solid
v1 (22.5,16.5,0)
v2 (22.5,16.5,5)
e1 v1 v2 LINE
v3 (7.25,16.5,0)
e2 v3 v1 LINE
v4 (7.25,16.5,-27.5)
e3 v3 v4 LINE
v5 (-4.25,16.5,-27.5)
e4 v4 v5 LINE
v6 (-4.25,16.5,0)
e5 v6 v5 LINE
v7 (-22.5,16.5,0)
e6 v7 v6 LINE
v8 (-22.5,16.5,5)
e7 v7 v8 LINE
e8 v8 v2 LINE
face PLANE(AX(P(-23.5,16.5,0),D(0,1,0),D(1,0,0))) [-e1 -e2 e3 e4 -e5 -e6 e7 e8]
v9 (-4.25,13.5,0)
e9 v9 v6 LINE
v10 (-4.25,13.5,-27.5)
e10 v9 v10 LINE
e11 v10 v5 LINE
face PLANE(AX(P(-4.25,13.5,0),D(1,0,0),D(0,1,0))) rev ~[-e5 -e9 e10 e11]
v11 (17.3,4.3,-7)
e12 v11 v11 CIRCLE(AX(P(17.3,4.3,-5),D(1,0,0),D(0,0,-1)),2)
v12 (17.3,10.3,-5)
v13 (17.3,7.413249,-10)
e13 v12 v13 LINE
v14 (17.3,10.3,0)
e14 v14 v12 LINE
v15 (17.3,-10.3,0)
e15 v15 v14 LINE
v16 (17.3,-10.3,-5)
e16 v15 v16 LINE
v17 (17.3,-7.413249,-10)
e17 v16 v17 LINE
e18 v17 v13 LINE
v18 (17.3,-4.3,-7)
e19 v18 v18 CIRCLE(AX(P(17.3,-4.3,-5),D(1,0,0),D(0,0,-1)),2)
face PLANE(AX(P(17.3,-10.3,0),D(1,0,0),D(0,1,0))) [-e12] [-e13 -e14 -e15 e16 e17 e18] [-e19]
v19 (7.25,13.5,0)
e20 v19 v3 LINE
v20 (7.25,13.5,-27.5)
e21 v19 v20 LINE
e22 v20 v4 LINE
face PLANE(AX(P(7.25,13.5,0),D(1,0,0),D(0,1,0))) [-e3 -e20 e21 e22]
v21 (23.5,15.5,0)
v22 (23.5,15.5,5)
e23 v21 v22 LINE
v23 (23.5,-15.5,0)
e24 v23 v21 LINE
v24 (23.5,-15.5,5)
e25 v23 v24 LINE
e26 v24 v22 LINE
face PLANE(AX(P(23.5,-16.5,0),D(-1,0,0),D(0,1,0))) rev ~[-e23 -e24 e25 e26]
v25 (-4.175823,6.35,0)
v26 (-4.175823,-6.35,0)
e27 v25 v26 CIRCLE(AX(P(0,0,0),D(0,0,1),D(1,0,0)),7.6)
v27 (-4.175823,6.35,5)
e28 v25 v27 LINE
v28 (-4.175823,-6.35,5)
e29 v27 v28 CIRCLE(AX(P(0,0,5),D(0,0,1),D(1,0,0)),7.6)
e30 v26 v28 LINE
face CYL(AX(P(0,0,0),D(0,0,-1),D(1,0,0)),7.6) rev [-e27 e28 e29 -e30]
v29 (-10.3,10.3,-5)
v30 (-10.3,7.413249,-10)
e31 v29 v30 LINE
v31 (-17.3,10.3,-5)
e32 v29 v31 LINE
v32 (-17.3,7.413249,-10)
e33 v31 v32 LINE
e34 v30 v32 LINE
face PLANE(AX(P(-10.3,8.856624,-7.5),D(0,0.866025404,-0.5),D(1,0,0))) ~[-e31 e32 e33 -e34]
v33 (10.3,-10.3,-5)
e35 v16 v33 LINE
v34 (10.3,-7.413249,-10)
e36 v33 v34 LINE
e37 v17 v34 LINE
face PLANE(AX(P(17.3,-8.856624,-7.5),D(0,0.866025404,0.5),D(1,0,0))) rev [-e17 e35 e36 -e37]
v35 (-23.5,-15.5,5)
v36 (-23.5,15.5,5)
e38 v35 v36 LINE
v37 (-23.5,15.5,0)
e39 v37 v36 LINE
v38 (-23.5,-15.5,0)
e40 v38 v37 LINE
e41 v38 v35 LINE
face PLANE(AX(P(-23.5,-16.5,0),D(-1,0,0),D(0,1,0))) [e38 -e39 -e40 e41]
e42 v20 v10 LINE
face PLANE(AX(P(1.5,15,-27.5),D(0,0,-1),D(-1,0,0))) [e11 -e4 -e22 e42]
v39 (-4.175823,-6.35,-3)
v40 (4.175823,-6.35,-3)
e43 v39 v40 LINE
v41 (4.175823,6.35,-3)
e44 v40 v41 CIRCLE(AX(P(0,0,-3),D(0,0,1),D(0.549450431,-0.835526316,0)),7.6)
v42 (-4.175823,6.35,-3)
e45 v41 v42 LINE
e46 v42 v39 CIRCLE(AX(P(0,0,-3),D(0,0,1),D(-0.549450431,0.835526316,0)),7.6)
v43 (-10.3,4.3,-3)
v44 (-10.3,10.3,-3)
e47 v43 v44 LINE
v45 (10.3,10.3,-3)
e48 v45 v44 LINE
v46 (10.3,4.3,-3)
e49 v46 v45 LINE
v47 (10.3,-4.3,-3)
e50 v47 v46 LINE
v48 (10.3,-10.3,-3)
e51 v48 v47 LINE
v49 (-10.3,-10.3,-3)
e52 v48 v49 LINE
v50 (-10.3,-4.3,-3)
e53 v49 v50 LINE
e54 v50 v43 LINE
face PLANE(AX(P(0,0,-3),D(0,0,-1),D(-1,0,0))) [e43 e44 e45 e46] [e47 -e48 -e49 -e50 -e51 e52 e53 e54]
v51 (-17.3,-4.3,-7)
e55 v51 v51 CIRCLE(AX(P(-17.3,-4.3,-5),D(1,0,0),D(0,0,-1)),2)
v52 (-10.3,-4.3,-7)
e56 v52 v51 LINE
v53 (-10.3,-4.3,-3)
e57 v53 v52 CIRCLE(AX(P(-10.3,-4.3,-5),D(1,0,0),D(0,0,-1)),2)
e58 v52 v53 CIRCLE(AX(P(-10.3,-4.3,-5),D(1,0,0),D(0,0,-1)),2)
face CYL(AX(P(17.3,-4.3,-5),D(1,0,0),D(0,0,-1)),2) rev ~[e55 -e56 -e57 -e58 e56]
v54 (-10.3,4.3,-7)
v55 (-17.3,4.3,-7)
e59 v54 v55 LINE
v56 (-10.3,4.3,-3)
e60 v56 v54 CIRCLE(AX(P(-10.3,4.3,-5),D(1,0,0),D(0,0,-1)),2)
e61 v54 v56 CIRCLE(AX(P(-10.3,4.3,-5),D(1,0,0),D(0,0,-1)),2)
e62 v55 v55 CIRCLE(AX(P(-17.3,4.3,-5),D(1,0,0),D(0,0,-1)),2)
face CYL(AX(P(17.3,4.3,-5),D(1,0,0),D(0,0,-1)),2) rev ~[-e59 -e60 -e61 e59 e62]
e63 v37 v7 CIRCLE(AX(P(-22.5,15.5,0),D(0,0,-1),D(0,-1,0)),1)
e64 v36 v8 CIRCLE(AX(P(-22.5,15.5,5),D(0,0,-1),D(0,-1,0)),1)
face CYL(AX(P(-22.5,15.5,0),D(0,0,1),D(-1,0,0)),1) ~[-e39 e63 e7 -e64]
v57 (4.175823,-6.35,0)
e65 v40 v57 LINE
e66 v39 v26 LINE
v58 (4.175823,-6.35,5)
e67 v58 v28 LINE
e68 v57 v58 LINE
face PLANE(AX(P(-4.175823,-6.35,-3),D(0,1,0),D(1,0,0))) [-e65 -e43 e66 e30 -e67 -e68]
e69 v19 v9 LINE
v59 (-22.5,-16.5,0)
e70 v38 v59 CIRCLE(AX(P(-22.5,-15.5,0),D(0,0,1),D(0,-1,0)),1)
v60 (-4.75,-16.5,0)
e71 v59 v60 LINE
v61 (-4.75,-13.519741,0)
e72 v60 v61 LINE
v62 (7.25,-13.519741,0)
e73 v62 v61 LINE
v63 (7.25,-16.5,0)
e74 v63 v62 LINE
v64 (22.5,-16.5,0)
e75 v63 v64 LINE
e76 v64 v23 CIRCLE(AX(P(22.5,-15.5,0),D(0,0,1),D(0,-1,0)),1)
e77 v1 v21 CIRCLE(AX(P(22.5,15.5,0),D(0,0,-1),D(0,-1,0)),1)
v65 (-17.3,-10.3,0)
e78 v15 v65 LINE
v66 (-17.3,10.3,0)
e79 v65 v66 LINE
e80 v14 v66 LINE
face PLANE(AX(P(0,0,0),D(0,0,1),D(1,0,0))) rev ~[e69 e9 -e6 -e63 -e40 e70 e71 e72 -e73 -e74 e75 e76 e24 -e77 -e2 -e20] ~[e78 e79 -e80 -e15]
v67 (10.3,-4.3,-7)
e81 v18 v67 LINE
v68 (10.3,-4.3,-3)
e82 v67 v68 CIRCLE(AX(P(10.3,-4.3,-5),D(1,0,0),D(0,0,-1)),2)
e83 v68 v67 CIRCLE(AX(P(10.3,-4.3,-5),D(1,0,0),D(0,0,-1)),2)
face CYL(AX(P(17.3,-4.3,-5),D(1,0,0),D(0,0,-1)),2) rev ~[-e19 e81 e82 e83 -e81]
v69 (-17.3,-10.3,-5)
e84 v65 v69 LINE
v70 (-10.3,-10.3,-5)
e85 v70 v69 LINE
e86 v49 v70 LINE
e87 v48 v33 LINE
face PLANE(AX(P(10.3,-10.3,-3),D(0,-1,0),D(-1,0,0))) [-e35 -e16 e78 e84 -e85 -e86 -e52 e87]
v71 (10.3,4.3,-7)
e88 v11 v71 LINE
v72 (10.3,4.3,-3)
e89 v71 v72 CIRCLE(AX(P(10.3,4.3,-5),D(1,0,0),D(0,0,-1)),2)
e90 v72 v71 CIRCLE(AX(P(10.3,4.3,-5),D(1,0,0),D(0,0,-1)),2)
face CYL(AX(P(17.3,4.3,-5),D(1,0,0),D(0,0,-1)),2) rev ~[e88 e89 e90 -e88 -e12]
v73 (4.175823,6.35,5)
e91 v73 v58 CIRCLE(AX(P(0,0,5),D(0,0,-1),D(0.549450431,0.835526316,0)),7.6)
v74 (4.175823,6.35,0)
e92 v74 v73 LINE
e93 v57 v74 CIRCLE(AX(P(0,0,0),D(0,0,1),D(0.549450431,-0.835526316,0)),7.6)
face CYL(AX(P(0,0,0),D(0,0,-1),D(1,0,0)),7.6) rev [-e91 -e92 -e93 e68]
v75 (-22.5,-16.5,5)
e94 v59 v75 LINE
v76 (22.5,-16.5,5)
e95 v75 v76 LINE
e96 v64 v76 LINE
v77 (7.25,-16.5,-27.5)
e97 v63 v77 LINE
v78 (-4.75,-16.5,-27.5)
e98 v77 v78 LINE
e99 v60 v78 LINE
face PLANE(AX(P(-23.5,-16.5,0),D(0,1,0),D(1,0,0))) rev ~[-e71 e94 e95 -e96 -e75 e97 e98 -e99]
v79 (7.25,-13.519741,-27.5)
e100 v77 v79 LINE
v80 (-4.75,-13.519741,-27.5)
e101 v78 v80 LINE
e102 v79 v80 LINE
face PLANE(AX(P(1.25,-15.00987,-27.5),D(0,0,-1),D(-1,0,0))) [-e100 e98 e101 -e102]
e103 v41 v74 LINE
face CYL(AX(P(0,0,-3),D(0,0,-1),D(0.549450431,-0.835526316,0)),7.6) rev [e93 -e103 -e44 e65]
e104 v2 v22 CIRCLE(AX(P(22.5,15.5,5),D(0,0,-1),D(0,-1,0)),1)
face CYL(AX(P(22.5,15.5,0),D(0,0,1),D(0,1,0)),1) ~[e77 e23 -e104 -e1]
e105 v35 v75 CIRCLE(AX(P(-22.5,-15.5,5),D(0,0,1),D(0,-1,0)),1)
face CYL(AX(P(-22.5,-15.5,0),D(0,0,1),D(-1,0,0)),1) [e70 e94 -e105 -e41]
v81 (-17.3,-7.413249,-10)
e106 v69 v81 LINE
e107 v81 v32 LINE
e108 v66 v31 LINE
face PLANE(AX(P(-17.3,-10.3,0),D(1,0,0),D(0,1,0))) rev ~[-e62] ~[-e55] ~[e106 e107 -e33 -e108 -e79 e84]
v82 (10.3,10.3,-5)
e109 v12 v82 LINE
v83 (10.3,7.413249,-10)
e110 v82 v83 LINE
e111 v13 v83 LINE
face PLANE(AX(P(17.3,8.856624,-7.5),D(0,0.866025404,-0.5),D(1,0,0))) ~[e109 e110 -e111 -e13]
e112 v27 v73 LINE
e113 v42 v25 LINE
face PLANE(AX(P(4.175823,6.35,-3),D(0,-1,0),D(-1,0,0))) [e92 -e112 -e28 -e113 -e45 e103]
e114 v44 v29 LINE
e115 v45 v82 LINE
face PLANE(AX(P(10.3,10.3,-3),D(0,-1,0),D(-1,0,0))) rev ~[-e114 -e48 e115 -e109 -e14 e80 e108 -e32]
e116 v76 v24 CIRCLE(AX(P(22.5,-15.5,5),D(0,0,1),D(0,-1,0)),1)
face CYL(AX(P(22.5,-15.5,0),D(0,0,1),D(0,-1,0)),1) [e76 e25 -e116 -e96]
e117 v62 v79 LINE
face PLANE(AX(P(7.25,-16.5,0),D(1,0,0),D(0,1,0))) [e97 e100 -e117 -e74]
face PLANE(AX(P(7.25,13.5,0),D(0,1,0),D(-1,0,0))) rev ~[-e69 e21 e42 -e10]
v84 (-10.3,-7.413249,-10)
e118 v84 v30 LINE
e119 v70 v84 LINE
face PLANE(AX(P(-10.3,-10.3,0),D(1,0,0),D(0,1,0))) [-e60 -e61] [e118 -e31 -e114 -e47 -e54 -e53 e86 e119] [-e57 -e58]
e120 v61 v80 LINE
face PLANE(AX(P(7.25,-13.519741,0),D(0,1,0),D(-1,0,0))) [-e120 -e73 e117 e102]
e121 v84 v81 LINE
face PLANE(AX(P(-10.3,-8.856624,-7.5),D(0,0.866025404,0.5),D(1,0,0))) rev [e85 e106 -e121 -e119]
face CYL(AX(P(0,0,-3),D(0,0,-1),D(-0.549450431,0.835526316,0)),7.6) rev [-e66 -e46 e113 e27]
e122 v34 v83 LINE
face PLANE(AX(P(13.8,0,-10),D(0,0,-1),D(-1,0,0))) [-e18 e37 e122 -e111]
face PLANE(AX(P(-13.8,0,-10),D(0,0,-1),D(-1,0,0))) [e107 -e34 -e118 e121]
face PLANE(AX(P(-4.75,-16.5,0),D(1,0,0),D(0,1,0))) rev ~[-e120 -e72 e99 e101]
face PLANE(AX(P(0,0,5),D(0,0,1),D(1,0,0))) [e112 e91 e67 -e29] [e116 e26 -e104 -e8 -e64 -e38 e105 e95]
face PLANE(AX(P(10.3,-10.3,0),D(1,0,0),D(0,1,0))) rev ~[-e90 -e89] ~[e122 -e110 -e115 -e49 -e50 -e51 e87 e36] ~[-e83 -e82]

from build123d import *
from OCP.BRepFilletAPI import BRepFilletAPI_MakeChamfer

# Parameters (mm, degrees)
SZKIC1_W                    = 47
SZKIC1_H                    = 33
SZKIC1_R                    = 7.6
DODANIE_WYCI_GNI_CIE1_DEPTH = 5
SZKIC2_W                    = 7
SZKIC2_H                    = 20.6
DODANIE_WYCI_GNI_CIE2_DEPTH = 10
SFAZOWANIE1_SIZE            = 5
SFAZOWANIE1_SIZE2           = 2.886751346
SZKIC3_R                    = 2
WYTNIJ_WYCI_GNI_CIE1_DEPTH  = 46.131917752
ZAOKR_GLENIE1_R             = 1
SZKIC4_W                    = 11.5
SZKIC4_H                    = 3
SZKIC4_W_2                  = 12
SZKIC4_H_2                  = 2.980259267
DODANIE_WYCI_GNI_CIE3_DEPTH = 27.5
DODANIE_WYCI_GNI_CIE4_START = 3
SZKIC5_W                    = 20.6
SZKIC5_H                    = 20.6
DODANIE_WYCI_GNI_CIE4_DEPTH = 3


with BuildPart() as part:
    # Szkic1 → Dodanie-wyciągnięcie1 (new body)
    # profile 1 of 3: a face of its own
    with BuildSketch(Plane.XY):
        Rectangle(SZKIC1_W, SZKIC1_H)
        Circle(SZKIC1_R, mode=Mode.SUBTRACT)
    # profile 2 of 3: a face of its own
    with BuildSketch(Plane.XY):
        with BuildLine():
            Line((4.175823272, -6.35), (-4.175823272, -6.35))
            ThreePointArc((-4.175823272, -6.35), (0, -7.6), (4.175823272, -6.35))
        make_face()
    # profile 3 of 3: a face of its own
    with BuildSketch(Plane.XY):
        with BuildLine():
            ThreePointArc((4.175823272, 6.35), (0, 7.6), (-4.175823272, 6.35))
            Line((-4.175823272, 6.35), (4.175823272, 6.35))
        make_face()
    extrude(amount=DODANIE_WYCI_GNI_CIE1_DEPTH)

    # Szkic2 → Dodanie-wyciągnięcie2 (add)
    with BuildSketch(Plane(origin=(0, 0, 0), x_dir=(-1, 0, 0), z_dir=(0, 0, -1))):
        with Locations((-13.8, 0)):
            Rectangle(SZKIC2_W, SZKIC2_H)
        with Locations((13.8, 0)):
            Rectangle(SZKIC2_W, SZKIC2_H)
    extrude(amount=DODANIE_WYCI_GNI_CIE2_DEPTH)

    # Sfazowanie1: one chamfer whose edges measure the first distance from different faces: ONE call of the kernel's chamfer builder (chamfer() names one face for all edges)
    sfazowanie1_edges_1 = [part.edges().sort_by_distance(p)[0] for p in [
        (13.8, 10.3, -10),
    ]]
    sfazowanie1_side_1 = [part.faces().sort_by_distance(p)[0] for p in [
        (13.8, 10.3, -5),
    ]]
    sfazowanie1_edges_2 = [part.edges().sort_by_distance(p)[0] for p in [
        (13.8, -10.3, -10),
    ]]
    sfazowanie1_side_2 = [part.faces().sort_by_distance(p)[0] for p in [
        (13.8, -10.3, -5),
    ]]
    sfazowanie1_edges_3 = [part.edges().sort_by_distance(p)[0] for p in [
        (-13.8, 10.3, -10),
    ]]
    sfazowanie1_side_3 = [part.faces().sort_by_distance(p)[0] for p in [
        (-13.8, 10.3, -5),
    ]]
    sfazowanie1_edges_4 = [part.edges().sort_by_distance(p)[0] for p in [
        (-13.8, -10.3, -10),
    ]]
    sfazowanie1_side_4 = [part.faces().sort_by_distance(p)[0] for p in [
        (-13.8, -10.3, -5),
    ]]
    sfazowanie1 = BRepFilletAPI_MakeChamfer(part.part.solid().wrapped)
    for e in sfazowanie1_edges_1:
        sfazowanie1.Add(SFAZOWANIE1_SIZE, SFAZOWANIE1_SIZE2, e.wrapped, sfazowanie1_side_1[0].wrapped)  # the first distance lies on this face
    for e in sfazowanie1_edges_2:
        sfazowanie1.Add(SFAZOWANIE1_SIZE, SFAZOWANIE1_SIZE2, e.wrapped, sfazowanie1_side_2[0].wrapped)  # the first distance lies on this face
    for e in sfazowanie1_edges_3:
        sfazowanie1.Add(SFAZOWANIE1_SIZE, SFAZOWANIE1_SIZE2, e.wrapped, sfazowanie1_side_3[0].wrapped)  # the first distance lies on this face
    for e in sfazowanie1_edges_4:
        sfazowanie1.Add(SFAZOWANIE1_SIZE, SFAZOWANIE1_SIZE2, e.wrapped, sfazowanie1_side_4[0].wrapped)  # the first distance lies on this face
    add(Compound.cast(sfazowanie1.Shape()), mode=Mode.REPLACE)

    # Szkic3 → Wytnij-wyciągnięcie1 (cut, through all)
    with BuildSketch(Plane(origin=(17.3, 0, 0), x_dir=(0, 0, -1), z_dir=(1, 0, 0))):
        with Locations((5, 4.3)):
            Circle(SZKIC3_R)
        with Locations((5, -4.3)):
            Circle(SZKIC3_R)
    extrude(amount=-WYTNIJ_WYCI_GNI_CIE1_DEPTH, mode=Mode.SUBTRACT)

    # Zaokrąglenie1
    zaokr_glenie1_edges = [part.edges().sort_by_distance(p)[0] for p in [
        (-23.5, -16.5, 2.5),
        (-23.5, 16.5, 2.5),
        (23.5, 16.5, 2.5),
        (23.5, -16.5, 2.5),
    ]]
    fillet(zaokr_glenie1_edges, radius=ZAOKR_GLENIE1_R)

    # Szkic4 → Dodanie-wyciągnięcie3 (add)
    with BuildSketch(Plane(origin=(0, 0, 0), x_dir=(-1, 0, 0), z_dir=(0, 0, -1))):
        with Locations((-1.5, 15)):
            Rectangle(SZKIC4_W, SZKIC4_H)
        with Locations((-1.25, -15.009870366)):
            Rectangle(SZKIC4_W_2, SZKIC4_H_2)
    extrude(amount=DODANIE_WYCI_GNI_CIE3_DEPTH)

    # Szkic5 → Dodanie-wyciągnięcie4 (add)
    with BuildSketch(Plane(origin=(0, 0, 0), x_dir=(-1, 0, 0), z_dir=(0, 0, -1)).offset(DODANIE_WYCI_GNI_CIE4_START)):
        Rectangle(SZKIC5_W, SZKIC5_H)
        with BuildLine():
            Line((4.175823272, -6.35), (-4.175823272, -6.35))
            ThreePointArc((-4.175823272, -6.35), (-7.6, 0), (-4.175823272, 6.35))
            Line((-4.175823272, 6.35), (4.175823272, 6.35))
            ThreePointArc((4.175823272, 6.35), (7.6, 0), (4.175823272, -6.35))
        make_face(mode=Mode.SUBTRACT)
    extrude(amount=-DODANIE_WYCI_GNI_CIE4_DEPTH)


solid = part.part
